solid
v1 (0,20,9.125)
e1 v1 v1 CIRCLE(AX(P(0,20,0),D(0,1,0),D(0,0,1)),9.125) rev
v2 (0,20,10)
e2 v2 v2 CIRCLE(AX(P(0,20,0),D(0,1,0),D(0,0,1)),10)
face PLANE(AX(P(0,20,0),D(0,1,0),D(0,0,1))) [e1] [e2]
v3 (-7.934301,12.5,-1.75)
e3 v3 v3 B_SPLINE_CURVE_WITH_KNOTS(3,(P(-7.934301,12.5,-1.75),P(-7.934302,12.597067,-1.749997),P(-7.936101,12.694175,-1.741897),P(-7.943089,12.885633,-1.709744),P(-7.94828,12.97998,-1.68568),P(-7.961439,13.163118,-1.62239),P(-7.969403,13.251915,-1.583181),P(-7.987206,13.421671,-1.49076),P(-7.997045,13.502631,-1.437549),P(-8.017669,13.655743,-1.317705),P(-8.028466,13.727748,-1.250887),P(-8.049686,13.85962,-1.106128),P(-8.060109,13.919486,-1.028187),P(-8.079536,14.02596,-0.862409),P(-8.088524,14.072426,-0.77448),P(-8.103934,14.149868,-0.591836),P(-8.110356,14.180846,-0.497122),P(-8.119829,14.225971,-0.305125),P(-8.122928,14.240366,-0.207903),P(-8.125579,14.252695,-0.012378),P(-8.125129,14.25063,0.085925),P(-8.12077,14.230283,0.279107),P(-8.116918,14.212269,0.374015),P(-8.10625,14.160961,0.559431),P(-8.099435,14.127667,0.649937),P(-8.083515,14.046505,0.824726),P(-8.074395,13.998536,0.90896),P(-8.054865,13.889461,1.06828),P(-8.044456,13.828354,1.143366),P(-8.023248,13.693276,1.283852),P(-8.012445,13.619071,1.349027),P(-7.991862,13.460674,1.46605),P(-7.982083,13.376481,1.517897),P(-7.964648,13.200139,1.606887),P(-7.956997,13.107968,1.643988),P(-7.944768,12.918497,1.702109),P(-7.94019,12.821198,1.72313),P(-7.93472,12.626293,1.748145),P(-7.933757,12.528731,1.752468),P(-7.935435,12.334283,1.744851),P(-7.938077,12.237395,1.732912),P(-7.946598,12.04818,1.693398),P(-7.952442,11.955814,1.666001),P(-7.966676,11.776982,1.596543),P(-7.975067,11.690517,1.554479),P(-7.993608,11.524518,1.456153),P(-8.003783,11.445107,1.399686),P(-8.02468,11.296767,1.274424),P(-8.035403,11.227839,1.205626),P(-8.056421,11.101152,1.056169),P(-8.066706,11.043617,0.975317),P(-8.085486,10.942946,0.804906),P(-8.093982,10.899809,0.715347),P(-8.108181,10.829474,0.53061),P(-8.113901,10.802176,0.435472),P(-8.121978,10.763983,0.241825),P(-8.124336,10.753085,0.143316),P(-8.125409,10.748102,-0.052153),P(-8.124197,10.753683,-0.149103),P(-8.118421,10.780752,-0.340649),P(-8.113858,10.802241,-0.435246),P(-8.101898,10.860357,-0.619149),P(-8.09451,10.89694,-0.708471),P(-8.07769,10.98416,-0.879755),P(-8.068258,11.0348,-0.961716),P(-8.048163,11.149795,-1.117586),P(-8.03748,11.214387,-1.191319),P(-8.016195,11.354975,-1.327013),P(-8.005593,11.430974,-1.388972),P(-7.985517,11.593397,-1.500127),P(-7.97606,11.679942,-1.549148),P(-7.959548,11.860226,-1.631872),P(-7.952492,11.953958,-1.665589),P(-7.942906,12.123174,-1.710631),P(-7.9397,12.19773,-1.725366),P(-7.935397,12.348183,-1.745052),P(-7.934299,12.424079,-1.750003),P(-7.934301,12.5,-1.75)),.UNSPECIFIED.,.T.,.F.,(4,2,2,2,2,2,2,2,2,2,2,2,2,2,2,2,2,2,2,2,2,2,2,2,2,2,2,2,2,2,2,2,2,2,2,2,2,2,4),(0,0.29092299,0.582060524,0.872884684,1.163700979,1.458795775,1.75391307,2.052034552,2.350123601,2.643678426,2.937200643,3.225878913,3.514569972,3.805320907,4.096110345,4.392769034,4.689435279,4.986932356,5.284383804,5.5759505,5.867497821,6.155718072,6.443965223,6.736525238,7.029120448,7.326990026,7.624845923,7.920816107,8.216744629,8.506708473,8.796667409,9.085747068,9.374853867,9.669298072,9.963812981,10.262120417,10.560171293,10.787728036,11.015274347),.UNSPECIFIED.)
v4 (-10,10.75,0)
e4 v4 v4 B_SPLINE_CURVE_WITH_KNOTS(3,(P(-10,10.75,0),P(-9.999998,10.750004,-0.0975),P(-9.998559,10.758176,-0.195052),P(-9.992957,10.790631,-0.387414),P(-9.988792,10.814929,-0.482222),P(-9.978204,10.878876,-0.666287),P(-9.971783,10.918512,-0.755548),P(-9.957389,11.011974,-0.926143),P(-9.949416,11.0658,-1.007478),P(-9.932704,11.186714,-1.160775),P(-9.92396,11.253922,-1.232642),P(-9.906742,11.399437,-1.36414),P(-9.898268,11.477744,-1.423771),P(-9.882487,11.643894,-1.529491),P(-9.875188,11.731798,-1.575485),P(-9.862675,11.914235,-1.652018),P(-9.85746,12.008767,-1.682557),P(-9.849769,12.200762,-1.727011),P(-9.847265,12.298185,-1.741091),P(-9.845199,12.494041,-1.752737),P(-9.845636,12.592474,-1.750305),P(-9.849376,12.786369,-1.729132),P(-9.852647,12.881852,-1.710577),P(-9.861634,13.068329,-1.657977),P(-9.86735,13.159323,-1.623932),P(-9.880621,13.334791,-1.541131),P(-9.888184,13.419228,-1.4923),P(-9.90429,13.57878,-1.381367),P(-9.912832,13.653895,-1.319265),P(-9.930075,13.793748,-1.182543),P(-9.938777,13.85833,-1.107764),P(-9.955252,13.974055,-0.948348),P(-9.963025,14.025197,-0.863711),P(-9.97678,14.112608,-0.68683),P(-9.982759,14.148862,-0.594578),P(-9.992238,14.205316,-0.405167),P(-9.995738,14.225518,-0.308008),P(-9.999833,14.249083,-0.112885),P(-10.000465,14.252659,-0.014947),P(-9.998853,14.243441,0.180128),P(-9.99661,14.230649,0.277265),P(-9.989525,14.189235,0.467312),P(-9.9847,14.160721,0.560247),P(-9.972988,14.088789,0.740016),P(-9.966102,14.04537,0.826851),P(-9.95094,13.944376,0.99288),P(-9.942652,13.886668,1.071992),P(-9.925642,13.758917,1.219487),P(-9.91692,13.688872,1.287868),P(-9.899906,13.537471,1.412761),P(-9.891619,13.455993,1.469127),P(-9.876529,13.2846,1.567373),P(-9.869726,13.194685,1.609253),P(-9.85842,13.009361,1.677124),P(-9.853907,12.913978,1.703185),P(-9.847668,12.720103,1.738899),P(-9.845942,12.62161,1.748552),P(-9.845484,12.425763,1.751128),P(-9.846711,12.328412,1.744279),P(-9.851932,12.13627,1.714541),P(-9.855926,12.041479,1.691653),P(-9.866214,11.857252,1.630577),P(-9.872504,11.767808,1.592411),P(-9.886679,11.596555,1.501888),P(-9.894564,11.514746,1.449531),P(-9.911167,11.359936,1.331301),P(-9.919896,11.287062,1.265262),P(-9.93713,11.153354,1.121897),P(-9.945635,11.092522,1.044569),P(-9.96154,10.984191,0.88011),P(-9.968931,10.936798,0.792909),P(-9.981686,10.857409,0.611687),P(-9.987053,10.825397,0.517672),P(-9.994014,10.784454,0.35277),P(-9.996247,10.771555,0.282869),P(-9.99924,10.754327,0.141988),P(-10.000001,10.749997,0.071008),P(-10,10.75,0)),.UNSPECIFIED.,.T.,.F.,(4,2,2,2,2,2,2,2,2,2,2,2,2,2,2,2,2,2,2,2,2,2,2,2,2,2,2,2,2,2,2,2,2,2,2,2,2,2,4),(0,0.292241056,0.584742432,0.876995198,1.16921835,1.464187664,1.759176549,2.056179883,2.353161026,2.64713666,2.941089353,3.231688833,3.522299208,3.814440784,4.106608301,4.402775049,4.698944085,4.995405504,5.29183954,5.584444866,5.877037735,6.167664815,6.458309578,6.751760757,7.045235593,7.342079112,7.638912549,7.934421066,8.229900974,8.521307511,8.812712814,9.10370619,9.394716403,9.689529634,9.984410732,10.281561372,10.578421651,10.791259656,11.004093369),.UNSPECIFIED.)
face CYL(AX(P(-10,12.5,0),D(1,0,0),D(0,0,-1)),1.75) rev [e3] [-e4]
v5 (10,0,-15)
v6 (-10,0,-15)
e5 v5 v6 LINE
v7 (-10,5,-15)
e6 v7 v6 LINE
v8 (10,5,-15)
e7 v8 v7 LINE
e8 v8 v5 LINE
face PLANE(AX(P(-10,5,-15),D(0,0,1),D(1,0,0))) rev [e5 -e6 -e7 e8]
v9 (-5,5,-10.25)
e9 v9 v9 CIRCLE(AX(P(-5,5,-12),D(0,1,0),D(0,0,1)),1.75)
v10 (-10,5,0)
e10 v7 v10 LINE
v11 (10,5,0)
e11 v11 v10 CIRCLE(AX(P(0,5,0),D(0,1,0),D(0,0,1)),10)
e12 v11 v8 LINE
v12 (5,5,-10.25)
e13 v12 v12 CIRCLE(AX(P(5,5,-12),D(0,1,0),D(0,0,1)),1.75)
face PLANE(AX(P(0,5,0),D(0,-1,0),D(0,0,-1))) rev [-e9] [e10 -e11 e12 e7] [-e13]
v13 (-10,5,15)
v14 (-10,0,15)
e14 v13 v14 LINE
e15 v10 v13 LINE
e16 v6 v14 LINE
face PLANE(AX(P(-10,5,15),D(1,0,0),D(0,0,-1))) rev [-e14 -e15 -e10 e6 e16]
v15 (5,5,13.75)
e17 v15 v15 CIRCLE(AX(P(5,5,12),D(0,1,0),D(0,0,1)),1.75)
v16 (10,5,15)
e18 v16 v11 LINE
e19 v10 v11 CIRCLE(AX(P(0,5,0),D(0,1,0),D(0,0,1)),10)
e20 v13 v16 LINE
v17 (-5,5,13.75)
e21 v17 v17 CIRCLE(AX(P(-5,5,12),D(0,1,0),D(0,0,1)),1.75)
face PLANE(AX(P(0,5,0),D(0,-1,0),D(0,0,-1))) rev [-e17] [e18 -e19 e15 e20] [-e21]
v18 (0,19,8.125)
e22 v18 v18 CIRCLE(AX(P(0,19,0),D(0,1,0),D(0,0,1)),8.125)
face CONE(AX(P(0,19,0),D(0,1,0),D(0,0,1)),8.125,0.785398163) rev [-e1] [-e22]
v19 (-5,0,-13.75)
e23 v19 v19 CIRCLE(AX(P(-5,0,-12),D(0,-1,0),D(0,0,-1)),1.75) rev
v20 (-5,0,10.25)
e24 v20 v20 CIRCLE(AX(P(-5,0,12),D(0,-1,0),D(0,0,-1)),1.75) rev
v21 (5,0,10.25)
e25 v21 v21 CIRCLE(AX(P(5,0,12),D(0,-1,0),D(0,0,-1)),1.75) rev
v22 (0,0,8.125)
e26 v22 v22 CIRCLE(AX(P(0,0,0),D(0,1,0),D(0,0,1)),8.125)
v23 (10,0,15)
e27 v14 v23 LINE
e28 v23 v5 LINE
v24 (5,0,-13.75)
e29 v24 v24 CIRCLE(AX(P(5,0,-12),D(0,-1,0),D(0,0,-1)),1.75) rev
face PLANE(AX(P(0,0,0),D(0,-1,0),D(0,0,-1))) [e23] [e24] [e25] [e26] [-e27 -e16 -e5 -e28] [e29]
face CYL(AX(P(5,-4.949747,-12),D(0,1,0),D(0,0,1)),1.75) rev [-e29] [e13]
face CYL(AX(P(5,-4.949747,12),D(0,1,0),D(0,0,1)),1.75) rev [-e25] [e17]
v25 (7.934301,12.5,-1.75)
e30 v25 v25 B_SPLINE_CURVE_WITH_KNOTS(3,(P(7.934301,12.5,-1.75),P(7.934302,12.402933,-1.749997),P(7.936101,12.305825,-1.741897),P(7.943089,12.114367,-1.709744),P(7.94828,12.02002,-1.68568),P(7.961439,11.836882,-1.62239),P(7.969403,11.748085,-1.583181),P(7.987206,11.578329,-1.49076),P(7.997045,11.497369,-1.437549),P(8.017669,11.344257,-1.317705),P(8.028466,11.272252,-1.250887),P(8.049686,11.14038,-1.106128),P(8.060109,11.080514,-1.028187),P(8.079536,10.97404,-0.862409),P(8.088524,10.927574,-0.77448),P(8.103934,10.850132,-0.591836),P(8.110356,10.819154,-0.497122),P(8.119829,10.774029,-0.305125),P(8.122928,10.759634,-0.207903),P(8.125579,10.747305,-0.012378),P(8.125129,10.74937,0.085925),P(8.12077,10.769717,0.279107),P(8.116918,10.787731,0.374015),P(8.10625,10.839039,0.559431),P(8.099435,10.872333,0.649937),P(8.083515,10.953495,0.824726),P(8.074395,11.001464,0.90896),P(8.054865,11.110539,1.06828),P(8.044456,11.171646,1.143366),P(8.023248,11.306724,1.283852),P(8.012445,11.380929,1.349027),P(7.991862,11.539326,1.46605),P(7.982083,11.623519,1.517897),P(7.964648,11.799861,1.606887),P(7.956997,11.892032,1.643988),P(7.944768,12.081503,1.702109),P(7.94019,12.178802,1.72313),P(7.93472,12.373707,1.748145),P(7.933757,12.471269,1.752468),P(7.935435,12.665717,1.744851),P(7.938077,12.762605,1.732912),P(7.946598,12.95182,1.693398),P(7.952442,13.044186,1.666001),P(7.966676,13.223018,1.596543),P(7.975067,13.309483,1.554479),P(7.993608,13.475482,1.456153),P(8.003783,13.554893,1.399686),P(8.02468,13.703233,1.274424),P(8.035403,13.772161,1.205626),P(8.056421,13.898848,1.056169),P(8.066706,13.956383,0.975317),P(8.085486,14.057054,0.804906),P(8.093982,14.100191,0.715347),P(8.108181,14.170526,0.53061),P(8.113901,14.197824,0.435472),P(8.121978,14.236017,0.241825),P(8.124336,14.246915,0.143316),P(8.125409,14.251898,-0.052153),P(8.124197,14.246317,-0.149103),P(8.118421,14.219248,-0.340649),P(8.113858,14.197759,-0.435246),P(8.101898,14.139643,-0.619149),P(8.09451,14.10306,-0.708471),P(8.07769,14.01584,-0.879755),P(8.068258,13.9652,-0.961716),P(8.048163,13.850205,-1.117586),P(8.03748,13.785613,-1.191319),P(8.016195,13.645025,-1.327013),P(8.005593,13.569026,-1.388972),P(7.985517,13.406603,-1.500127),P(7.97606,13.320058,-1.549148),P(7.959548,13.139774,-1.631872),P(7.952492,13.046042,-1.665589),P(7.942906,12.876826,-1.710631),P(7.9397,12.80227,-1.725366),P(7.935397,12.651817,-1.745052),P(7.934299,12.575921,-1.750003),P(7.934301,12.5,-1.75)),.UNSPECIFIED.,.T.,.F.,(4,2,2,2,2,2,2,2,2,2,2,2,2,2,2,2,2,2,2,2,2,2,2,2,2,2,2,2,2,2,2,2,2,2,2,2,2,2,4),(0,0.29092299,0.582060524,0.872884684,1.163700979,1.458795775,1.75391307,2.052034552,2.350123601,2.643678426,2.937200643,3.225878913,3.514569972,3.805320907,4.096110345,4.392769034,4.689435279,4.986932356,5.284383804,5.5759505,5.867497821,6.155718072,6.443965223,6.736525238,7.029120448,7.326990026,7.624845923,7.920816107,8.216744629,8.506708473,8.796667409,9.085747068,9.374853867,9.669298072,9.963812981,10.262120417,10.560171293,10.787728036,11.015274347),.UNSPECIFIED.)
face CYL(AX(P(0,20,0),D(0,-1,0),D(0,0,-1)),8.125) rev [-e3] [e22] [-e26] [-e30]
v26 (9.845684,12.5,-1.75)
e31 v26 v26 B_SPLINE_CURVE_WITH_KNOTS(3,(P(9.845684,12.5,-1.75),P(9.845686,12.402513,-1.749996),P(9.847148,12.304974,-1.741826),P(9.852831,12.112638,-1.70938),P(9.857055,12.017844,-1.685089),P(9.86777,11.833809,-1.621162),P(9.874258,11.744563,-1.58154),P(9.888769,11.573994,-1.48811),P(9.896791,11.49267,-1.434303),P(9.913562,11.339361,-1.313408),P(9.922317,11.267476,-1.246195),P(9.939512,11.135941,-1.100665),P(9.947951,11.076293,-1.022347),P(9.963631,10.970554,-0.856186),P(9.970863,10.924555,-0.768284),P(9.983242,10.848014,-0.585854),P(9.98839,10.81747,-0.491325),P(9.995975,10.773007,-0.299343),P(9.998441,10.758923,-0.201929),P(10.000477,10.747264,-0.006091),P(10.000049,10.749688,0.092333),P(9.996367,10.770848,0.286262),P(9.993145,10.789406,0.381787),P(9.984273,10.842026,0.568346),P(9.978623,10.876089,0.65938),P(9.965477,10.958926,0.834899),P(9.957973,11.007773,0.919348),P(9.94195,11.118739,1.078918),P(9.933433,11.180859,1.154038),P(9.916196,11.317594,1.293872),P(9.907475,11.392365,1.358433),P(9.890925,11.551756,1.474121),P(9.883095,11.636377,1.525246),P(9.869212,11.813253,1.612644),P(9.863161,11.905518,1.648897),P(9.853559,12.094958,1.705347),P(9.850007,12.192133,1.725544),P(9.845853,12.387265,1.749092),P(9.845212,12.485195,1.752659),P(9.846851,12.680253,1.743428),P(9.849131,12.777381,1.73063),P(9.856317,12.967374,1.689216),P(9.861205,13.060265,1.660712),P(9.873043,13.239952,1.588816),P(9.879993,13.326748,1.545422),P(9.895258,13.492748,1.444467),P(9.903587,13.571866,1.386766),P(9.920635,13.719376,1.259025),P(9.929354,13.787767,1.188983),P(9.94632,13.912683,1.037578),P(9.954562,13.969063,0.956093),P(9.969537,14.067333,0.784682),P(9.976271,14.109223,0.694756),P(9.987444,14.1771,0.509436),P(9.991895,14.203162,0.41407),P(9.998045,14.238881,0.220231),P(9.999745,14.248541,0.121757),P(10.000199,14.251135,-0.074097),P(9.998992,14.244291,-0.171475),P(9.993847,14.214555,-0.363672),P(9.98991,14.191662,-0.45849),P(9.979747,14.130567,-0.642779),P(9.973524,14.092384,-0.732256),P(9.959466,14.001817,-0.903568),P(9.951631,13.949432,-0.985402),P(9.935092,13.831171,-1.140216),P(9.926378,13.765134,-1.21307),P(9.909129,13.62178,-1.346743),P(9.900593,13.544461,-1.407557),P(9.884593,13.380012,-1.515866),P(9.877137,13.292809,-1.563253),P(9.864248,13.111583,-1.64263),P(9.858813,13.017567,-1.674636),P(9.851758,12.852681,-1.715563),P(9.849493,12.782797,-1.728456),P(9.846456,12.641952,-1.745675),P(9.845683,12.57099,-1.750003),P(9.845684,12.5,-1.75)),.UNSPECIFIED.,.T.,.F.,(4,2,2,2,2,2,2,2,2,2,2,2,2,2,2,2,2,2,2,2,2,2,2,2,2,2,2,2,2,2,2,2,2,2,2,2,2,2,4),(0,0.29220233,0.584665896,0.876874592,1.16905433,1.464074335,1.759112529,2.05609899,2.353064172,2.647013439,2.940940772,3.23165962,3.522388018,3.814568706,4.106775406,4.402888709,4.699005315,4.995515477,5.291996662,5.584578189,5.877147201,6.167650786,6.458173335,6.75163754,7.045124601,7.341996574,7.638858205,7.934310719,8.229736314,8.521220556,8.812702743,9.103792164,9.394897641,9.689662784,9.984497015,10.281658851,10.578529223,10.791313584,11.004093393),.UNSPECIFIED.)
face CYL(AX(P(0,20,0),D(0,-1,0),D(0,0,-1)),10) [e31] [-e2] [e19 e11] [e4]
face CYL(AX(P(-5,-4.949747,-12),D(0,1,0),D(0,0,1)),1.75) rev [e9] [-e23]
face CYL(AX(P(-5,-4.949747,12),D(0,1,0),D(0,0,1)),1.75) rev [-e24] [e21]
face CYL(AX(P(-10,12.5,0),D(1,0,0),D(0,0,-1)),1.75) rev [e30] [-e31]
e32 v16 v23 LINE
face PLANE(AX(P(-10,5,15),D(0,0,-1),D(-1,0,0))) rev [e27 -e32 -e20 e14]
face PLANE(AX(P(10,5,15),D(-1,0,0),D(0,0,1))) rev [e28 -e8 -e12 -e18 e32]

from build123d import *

# Parameters (mm, degrees)
SKETCH1_W               = 20
SKETCH1_H               = 30
BOSS_EXTRUDE1_DEPTH     = 5
SKETCH2_R               = 10
SKETCH2_R_2             = 8.125
BOSS_EXTRUDE2_DEPTH     = 15
CUT_EXTRUDE3_DEPTH      = 24.452078799
CUT_EXTRUDE3_DEPTH_BACK = 24.452078799
SKETCH5_R               = 8.125
SKETCH3_R               = 1.75
CUT_EXTRUDE1_DEPTH      = 5
CHAMFER1_SIZE           = 1
CUT_EXTRUDE2_DEPTH      = 27.925824036
CUT_EXTRUDE2_DEPTH_BACK = 27.925824036
SKETCH4_R               = 1.75


with BuildPart() as part:
    # Sketch1 → Boss-Extrude1 (new body)
    with BuildSketch(Plane(origin=(0, 0, 0), x_dir=(1, 0, 0), z_dir=(0, 1, 0))):
        Rectangle(SKETCH1_W, SKETCH1_H)
    extrude(amount=BOSS_EXTRUDE1_DEPTH)

    # Sketch2 → Boss-Extrude2 (add)
    with BuildSketch(Plane(origin=(0, 5, 0), x_dir=(1, 0, 0), z_dir=(0, 1, 0))):
        with Locations(Location((0, 0, 0), (0, 0, 180))):
            Circle(SKETCH2_R)
        with Locations(Location((0, 0, 0), (0, 0, 270))):
            Circle(SKETCH2_R_2, mode=Mode.SUBTRACT)
    extrude(amount=BOSS_EXTRUDE2_DEPTH)

    # Sketch5 → Cut-Extrude3 (cut, two sides: drawn at the far end of the back side and taken through both)
    with BuildSketch(Plane(origin=(0, 5, 0), x_dir=(1, 0, 0), z_dir=(0, 1, 0)).offset(-CUT_EXTRUDE3_DEPTH_BACK)):
        with Locations(Location((0, 0, 0), (0, 0, 270))):
            Circle(SKETCH5_R)
    extrude(amount=CUT_EXTRUDE3_DEPTH + CUT_EXTRUDE3_DEPTH_BACK, mode=Mode.SUBTRACT)

    # Sketch3 → Cut-Extrude1 (cut)
    with BuildSketch(Plane(origin=(0, 5, 0), x_dir=(1, 0, 0), z_dir=(0, 1, 0))):
        with Locations(Location((-5, 12, 0), (0, 0, 270))):
            Circle(SKETCH3_R)
        with Locations(Location((5, 12, 0), (0, 0, 270))):
            Circle(SKETCH3_R)
        with Locations(Location((5, -12, 0), (0, 0, 270))):
            Circle(SKETCH3_R)
        with Locations(Location((-5, -12, 0), (0, 0, 270))):
            Circle(SKETCH3_R)
    extrude(amount=-CUT_EXTRUDE1_DEPTH, mode=Mode.SUBTRACT)

    # Chamfer1
    chamfer1_edges = [part.edges().sort_by_distance(p)[0] for p in [
        (0, 20, -8.125),
    ]]
    chamfer(chamfer1_edges, length=CHAMFER1_SIZE)

    # Sketch4 → Cut-Extrude2 (cut, two sides: drawn at the far end of the back side and taken through both)
    with BuildSketch(Plane(origin=(0, 0, 0), x_dir=(0, 0, -1), z_dir=(1, 0, 0)).offset(-CUT_EXTRUDE2_DEPTH_BACK)):
        with Locations((0, 12.5)):
            Circle(SKETCH4_R)
    extrude(amount=CUT_EXTRUDE2_DEPTH + CUT_EXTRUDE2_DEPTH_BACK, mode=Mode.SUBTRACT)


solid = part.part
